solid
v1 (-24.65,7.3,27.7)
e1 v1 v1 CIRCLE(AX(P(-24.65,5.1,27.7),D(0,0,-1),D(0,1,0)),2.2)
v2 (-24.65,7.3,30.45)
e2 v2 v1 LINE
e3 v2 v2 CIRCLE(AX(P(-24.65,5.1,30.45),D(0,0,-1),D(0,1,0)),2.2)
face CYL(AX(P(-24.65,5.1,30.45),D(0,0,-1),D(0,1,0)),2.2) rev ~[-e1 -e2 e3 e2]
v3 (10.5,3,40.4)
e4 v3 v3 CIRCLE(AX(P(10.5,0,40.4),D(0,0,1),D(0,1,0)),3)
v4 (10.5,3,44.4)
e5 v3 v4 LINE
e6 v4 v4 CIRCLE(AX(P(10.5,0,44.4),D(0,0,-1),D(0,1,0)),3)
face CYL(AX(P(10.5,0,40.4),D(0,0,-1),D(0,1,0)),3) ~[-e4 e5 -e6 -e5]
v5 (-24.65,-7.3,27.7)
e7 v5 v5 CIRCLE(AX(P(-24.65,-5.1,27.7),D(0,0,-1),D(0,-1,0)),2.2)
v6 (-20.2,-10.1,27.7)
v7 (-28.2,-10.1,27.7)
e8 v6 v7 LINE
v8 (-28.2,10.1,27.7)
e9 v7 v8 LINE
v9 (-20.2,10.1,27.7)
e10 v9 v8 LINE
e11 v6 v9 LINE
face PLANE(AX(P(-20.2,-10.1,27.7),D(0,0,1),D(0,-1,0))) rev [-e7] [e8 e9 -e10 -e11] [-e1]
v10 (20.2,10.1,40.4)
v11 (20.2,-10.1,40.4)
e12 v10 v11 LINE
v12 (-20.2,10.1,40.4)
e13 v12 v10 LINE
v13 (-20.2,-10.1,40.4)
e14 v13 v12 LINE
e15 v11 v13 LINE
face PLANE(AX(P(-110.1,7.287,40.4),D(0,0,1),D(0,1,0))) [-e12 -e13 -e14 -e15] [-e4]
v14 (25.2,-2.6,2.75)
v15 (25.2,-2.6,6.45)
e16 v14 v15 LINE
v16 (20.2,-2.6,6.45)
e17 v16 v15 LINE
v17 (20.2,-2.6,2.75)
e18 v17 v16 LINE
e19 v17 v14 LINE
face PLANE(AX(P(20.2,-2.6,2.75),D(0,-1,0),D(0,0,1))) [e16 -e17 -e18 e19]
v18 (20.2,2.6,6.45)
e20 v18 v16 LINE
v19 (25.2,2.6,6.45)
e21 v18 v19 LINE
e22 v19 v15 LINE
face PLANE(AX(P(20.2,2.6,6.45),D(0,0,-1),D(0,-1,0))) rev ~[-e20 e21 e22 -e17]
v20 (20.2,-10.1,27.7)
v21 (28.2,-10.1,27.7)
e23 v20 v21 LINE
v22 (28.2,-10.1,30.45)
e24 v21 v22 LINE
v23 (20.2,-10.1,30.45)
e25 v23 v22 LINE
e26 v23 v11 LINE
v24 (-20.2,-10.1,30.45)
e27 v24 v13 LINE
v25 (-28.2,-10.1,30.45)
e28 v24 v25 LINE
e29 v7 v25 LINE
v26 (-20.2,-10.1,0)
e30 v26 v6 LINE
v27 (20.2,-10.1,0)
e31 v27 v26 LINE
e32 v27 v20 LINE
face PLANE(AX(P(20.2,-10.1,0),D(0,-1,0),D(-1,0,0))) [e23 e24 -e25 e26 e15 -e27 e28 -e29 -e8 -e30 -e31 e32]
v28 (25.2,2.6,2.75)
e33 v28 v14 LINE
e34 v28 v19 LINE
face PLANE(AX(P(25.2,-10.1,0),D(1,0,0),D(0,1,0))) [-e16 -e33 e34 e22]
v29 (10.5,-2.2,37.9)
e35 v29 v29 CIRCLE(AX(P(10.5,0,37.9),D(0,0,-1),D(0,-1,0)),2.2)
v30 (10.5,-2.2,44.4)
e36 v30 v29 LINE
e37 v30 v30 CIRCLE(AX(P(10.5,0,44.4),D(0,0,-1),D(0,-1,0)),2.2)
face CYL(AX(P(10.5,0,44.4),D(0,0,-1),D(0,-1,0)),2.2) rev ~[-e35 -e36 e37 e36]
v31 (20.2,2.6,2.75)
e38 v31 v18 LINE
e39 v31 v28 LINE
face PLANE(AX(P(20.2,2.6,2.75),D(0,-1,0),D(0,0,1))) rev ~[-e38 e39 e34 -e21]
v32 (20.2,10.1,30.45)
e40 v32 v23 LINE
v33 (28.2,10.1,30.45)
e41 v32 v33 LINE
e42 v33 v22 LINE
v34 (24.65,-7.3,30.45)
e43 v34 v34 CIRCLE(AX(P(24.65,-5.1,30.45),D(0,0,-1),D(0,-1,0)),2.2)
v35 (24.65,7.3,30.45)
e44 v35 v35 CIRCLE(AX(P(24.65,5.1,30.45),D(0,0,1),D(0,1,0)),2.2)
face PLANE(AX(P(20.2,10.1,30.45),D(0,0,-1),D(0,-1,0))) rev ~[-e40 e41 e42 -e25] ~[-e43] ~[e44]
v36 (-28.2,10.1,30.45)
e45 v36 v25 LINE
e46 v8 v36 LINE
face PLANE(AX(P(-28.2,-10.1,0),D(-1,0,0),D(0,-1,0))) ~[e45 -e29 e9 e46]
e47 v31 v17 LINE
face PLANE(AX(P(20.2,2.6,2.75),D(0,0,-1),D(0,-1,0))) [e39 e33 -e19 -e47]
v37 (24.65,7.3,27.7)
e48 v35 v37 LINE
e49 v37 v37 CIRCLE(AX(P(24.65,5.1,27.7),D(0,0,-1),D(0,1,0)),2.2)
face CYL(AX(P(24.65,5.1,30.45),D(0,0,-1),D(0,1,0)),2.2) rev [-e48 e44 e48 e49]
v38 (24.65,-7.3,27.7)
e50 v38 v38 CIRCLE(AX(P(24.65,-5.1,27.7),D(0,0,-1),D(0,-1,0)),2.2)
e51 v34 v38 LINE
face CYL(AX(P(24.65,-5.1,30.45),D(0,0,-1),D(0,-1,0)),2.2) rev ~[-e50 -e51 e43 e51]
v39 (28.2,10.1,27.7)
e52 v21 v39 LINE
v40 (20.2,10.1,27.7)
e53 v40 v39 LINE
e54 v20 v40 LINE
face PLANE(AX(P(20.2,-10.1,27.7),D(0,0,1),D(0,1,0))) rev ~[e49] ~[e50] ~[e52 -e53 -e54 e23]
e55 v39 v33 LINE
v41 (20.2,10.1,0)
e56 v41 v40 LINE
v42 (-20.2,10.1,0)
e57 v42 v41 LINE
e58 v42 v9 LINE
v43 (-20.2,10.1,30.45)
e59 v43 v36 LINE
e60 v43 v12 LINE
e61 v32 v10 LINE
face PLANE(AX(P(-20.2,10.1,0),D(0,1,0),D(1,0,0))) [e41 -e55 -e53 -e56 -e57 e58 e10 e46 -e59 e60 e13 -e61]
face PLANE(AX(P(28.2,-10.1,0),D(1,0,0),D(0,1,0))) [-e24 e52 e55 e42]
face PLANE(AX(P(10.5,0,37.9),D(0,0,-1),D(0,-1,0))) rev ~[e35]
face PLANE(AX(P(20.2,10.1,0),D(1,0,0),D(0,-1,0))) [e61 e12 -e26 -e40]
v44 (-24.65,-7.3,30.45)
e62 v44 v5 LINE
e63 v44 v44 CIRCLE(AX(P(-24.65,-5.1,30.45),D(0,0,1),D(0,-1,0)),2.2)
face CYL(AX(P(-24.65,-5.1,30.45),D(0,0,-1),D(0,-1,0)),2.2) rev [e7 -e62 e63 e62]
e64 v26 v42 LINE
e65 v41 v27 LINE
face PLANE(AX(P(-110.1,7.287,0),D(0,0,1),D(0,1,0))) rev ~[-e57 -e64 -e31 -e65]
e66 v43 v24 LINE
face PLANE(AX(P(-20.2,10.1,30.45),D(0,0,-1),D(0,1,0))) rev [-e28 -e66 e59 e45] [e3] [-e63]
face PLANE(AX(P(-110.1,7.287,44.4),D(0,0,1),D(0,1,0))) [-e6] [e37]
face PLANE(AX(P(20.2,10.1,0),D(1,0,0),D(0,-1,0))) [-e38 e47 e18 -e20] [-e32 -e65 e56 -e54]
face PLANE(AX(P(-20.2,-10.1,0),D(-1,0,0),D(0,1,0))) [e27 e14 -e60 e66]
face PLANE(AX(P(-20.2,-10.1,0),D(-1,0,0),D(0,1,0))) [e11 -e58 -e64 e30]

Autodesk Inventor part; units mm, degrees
ref_plane "Plano de trabajo1" through (-110.1, 7.287, 0) normal (0, 0, 1) x (0, 1, 0)
sketch "Boceto1" plane through (-110.1, 7.287, 0) normal (0, 0, 1) x (0, 1, 0)
  line L0 (-17.387, -89.9) -> (2.813, -89.9)
  line L1 (2.813, -89.9) -> (2.813, -130.3)
  line L2 (2.813, -130.3) -> (-17.387, -130.3)
  line L3 (-17.387, -130.3) -> (-17.387, -89.9)
  line L4 (-17.387, -89.9) -> (2.813, -130.3) construction
  line L5 (2.813, -89.9) -> (-17.387, -130.3) construction
  point P0 (-7.287, -110.1)
  dimension "d0" = 20.2
  dimension "d1" = 40.4
extrude "Extrusión1" add sketch "Boceto1" along normal blind 40.4
sketch "Boceto2" plane through (20.2, -10.1, 0) normal (1, 0, 0) x (0, 1, 0)
  line L0 (0, 0) -> (20.2, 0) projected
  line L1 (20.2, 0) -> (20.2, 40.4) projected
  line L2 (0, 40.4) -> (20.2, 40.4) projected
  line L3 (0, 0) -> (0, 40.4) projected
  line L4 (20.2, 0) -> (0, 0) projected
  line L5 (0, 0) -> (0, 27.7)
  line L6 (0, 27.7) -> (20.2, 27.7)
  line L7 (0, 27.7) -> (20.2, 27.7)
  line L8 (20.2, 27.7) -> (20.2, 30.45)
  line L9 (20.2, 30.45) -> (0, 30.45)
  line L10 (0, 30.45) -> (0, 27.7)
  point P0 (10.1, 0)
  dimension "d4" = 27.7
  dimension "d5" = 2.75
extrude "Extrusión2" add sketch "Boceto2" along normal blind 8 contours L3 L9 L1 L6
sketch "Boceto3" plane through (20.2, -10.1, 30.45) normal (0, 0, 1) x (0, 1, 0)
  line L0 (0, -8) -> (20.2, -8) projected
  line L1 (0, -8) -> (0, -2.25)
  line L2 (0, 0) -> (0, -8) projected
  line L3 (0, -2.25) -> (20.2, -2.25)
  line L4 (0, 0) -> (20.2, 0) projected
  line L5 (0, 0) -> (0, -8) projected
  line L6 (20.2, -8) -> (0, -8) projected
  line L7 (20.2, 0) -> (20.2, -8) projected
  line L8 (0, -2.25) -> (2.8, -2.25)
  line L9 (0, -2.25) -> (2.8, -2.25) construction
  line L10 (2.8, -2.25) -> (2.8, -8)
  line L11 (20.2, -8) -> (0, -8) projected
  circle A0 centre (5, -4.45) radius 2.2
  point P0 (10.1, 20.2)
  dimension "d8" = 5.75
  dimension "d9" = 2.8
  dimension "d10" = 0
  dimension "d11" = 90
  dimension "d12" = 4.4
hole "Agujero1" at (24.65, -5.1, 30.45) direction (0, 0, -1) diameter 4.4 end through all
ref_plane "Plano de trabajo2" through (20.2, 0, 0) normal (0, 1, 0) x (0, 0, -1)
mirror "Simetría1" about plane through (20.2, 0, 0) normal (0, 1, 0) of "Agujero1"
ref_plane "Plano de trabajo3" through (0, -10.1, 0) normal (1, 0, 0) x (0, 1, 0)
mirror "Simetría2" about plane through (0, -10.1, 0) normal (1, 0, 0) of "Extrusión2", "Agujero1", "Simetría1"
sketch "Boceto4" plane through (-110.1, 7.287, 40.4) normal (0, 0, 1) x (0, 1, 0)
  line L0 (-17.387, -130.3) -> (2.813, -130.3) projected
  line L1 (2.813, -130.3) -> (2.813, -89.9) projected
  line L2 (2.813, -89.9) -> (-17.387, -89.9) projected
  line L3 (-17.387, -89.9) -> (-17.387, -130.3) projected
  line L4 (-17.387, -130.3) -> (2.813, -130.3) projected
  line L5 (-7.287, -130.3) -> (-7.287, -123.6)
  line L6 (-7.287, -123.6) -> (-7.287, -117.6)
  circle A0 centre (-7.287, -120.6) radius 3
  point P0 (-7.287, -110.1)
  dimension "d20" = 6.7
  dimension "d21" = 6
extrude "Extrusión3" add sketch "Boceto4" along normal blind 4 contours A0 L6 | L6 A0
sketch "Boceto5" plane through (10.5, 0, 44.4) normal (0, 0, 1) x (1, 0, 0)
  circle A0 centre (0, 0) radius 3 projected
  point P0 (-10.5, 0)
hole "Agujero2" at (10.5, 0, 44.4) direction (0, 0, -1) diameter 4.4 depth 6.5
sketch "Boceto6" plane through (20.2, -10.1, 0) normal (1, 0, 0) x (0, 1, 0)
  line L0 (20.2, 0) -> (20.2, 27.7) projected
  line L1 (0, 0) -> (20.2, 0)
  line L2 (20.2, 0) -> (20.2, 6.45)
  line L3 (20.2, 6.45) -> (0, 6.45)
  line L4 (0, 6.45) -> (0, 0)
  line L5 (0, 0) -> (20, 0)
  line L6 (20, 0) -> (20, 2.75)
  line L7 (20, 2.75) -> (0, 2.75)
  line L8 (0, 2.75) -> (0, 0)
  line L9 (0, 2.75) -> (7.5, 2.75)
  line L10 (7.5, 2.75) -> (7.5, 6.45)
  line L11 (20.2, 6.45) -> (12.7, 6.45)
  line L12 (7.5, 2.75) -> (12.7, 2.75)
  line L13 (12.7, 2.75) -> (12.7, 6.45)
  line L14 (12.7, 6.45) -> (7.5, 6.45)
  line L15 (7.5, 6.45) -> (7.5, 2.75)
  point P0 (10.1, 0)
  dimension "d31" = 6.45
  dimension "d32" = 2.75
  dimension "d33" = 7.5
  dimension "d34" = 7.5
extrude "Extrusión4" add sketch "Boceto6" along normal blind 5 contours L13 L7 L10 L3
properties part number "Servomotor"
